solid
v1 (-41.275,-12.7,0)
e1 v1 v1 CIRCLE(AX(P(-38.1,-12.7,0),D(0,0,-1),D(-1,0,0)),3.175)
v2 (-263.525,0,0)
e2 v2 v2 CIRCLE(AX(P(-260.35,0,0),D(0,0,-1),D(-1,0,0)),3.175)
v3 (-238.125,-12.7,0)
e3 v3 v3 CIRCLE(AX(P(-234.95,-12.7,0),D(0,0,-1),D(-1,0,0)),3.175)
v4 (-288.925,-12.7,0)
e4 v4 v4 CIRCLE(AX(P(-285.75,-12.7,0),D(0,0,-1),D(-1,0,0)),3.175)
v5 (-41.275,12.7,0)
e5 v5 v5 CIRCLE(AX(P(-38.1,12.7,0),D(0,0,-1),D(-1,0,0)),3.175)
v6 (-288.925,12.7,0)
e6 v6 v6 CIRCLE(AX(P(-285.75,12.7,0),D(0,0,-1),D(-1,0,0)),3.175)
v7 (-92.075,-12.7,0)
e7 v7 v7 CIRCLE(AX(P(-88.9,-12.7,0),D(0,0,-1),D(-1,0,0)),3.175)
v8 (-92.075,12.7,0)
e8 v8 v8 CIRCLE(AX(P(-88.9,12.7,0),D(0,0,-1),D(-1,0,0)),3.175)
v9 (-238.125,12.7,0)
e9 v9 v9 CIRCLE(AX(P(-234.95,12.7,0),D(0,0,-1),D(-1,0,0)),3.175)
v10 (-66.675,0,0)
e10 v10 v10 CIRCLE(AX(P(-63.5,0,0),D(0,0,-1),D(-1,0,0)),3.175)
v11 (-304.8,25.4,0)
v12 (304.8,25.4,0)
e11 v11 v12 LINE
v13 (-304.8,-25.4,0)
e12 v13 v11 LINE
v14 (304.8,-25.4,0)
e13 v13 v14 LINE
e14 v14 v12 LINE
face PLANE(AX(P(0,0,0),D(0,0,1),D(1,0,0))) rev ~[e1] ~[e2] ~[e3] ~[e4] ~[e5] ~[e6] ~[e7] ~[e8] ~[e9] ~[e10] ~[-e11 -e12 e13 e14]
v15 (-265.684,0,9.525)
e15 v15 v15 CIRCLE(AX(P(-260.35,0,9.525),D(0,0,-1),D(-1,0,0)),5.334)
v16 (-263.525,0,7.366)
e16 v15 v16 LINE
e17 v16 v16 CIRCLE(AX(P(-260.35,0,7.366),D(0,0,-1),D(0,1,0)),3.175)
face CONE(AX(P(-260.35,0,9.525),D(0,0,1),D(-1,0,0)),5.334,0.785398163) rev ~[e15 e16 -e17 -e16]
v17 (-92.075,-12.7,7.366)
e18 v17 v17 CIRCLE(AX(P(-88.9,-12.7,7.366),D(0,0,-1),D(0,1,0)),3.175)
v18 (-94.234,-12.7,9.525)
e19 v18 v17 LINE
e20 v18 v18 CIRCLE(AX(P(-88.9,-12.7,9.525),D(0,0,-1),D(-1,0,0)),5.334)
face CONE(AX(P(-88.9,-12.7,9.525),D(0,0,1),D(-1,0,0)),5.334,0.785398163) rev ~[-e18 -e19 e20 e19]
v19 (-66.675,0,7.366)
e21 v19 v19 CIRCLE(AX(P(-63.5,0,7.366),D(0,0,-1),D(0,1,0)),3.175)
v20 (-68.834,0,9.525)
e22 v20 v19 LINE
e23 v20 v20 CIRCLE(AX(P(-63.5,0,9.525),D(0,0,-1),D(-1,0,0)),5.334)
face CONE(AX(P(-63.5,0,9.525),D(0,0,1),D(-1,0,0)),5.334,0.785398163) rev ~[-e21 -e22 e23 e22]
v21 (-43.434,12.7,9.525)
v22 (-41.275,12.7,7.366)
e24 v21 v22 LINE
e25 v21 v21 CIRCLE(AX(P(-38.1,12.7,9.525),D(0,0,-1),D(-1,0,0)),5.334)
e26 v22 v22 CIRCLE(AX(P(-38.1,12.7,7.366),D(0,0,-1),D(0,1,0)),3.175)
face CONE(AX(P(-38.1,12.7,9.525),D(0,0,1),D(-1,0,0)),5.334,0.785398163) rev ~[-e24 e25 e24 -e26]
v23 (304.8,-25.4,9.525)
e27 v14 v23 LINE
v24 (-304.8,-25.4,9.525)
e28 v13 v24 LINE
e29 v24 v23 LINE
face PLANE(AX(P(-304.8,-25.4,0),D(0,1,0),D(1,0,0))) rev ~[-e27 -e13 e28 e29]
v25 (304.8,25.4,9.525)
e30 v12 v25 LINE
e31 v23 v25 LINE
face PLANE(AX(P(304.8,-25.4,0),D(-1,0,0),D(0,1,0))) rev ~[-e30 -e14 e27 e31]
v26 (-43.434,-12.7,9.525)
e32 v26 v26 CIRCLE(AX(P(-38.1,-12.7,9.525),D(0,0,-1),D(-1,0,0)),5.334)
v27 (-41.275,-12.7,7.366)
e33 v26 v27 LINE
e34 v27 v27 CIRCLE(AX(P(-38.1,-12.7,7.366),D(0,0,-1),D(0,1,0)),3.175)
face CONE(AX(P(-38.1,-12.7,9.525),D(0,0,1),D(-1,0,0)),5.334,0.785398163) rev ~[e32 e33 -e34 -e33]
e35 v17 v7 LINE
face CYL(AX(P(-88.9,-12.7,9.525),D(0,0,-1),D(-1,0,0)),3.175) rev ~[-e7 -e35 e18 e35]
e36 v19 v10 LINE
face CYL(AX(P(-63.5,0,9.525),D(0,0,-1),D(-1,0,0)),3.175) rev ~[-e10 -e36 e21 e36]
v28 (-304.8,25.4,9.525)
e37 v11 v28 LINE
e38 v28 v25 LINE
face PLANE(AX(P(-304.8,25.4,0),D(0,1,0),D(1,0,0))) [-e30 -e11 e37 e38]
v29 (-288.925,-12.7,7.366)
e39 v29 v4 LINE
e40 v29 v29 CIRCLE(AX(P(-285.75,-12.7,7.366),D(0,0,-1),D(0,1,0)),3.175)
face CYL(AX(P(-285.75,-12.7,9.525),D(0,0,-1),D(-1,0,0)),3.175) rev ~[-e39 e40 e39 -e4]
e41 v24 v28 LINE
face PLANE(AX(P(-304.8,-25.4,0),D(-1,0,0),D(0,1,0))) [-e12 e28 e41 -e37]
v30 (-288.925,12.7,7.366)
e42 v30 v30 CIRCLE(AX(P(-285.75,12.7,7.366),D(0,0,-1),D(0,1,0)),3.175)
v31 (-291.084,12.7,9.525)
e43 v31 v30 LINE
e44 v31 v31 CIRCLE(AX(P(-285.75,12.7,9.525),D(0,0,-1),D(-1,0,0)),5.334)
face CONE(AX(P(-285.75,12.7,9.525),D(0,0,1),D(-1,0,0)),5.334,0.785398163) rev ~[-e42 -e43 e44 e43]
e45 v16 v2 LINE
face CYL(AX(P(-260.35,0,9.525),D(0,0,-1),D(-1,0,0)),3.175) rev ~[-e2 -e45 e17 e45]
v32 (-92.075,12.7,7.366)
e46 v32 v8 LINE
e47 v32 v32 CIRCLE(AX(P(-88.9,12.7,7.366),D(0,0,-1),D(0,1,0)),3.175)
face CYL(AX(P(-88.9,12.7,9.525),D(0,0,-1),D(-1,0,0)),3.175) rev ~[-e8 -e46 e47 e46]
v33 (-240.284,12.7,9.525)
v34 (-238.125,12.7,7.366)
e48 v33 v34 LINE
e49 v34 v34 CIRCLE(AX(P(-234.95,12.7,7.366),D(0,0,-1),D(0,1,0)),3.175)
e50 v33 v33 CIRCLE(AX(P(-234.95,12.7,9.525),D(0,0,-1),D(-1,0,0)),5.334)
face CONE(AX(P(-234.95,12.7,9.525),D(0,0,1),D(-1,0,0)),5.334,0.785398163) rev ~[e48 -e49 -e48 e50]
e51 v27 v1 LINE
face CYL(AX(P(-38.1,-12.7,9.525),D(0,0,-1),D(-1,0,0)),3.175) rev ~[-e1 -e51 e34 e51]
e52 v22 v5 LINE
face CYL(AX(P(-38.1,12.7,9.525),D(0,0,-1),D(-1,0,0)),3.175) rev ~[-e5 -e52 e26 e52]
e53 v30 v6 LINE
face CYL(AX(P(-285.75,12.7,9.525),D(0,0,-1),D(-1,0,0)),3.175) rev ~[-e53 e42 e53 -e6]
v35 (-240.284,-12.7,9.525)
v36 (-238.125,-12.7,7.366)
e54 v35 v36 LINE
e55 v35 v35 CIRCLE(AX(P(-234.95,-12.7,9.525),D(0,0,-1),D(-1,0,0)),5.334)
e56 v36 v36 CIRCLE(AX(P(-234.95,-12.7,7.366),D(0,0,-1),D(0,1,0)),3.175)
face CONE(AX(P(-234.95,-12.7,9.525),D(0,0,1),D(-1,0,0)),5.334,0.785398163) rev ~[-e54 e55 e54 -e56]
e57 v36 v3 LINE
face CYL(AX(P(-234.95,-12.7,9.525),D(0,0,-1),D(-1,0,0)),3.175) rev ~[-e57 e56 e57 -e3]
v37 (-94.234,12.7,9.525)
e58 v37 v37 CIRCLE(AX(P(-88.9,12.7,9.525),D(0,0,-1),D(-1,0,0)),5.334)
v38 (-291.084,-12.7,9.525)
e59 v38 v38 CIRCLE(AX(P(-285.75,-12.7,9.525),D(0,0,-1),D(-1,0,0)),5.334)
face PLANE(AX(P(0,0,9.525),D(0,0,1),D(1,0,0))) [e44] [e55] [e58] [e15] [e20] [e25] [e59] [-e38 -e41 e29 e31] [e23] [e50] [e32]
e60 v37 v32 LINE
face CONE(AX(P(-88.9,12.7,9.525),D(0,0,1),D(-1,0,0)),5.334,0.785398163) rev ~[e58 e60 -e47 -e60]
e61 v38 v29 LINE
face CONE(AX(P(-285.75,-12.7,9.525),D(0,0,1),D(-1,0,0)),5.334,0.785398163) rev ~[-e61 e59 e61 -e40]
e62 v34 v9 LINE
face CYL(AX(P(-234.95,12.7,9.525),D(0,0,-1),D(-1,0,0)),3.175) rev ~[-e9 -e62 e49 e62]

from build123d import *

# Parameters (mm, degrees)
F0_W           = 609.6
F0_H           = 50.8
F1_DEPTH       = 9.525
F3_D           = 6.35
F3_CSINK_D     = 10.668
F3_CSINK_ANGLE = 90
F4_D           = 6.35
F4_CSINK_D     = 10.668
F4_CSINK_ANGLE = 90


with BuildPart() as f1:
    # F0 (on Top) → F1 (new body)
    with BuildSketch(Plane.XY):
        Rectangle(F0_W, F0_H)
    extrude(amount=F1_DEPTH)

    # F3 (through all)
    with Locations(Plane.XY.offset(9.525)):
        with Locations((-285.75, -12.7), (-285.75, 12.7), (-260.35, 0), (-234.95, -12.7), (-234.95, 12.7)):
            CounterSinkHole(F3_D / 2, F3_CSINK_D / 2, counter_sink_angle=F3_CSINK_ANGLE)

    # F4 (through all)
    with Locations(Plane.XY.offset(9.525)):
        with Locations((-88.9, 12.7), (-88.9, -12.7), (-63.5, 0), (-38.1, 12.7), (-38.1, -12.7)):
            CounterSinkHole(F4_D / 2, F4_CSINK_D / 2, counter_sink_angle=F4_CSINK_ANGLE)


solid = f1.part
